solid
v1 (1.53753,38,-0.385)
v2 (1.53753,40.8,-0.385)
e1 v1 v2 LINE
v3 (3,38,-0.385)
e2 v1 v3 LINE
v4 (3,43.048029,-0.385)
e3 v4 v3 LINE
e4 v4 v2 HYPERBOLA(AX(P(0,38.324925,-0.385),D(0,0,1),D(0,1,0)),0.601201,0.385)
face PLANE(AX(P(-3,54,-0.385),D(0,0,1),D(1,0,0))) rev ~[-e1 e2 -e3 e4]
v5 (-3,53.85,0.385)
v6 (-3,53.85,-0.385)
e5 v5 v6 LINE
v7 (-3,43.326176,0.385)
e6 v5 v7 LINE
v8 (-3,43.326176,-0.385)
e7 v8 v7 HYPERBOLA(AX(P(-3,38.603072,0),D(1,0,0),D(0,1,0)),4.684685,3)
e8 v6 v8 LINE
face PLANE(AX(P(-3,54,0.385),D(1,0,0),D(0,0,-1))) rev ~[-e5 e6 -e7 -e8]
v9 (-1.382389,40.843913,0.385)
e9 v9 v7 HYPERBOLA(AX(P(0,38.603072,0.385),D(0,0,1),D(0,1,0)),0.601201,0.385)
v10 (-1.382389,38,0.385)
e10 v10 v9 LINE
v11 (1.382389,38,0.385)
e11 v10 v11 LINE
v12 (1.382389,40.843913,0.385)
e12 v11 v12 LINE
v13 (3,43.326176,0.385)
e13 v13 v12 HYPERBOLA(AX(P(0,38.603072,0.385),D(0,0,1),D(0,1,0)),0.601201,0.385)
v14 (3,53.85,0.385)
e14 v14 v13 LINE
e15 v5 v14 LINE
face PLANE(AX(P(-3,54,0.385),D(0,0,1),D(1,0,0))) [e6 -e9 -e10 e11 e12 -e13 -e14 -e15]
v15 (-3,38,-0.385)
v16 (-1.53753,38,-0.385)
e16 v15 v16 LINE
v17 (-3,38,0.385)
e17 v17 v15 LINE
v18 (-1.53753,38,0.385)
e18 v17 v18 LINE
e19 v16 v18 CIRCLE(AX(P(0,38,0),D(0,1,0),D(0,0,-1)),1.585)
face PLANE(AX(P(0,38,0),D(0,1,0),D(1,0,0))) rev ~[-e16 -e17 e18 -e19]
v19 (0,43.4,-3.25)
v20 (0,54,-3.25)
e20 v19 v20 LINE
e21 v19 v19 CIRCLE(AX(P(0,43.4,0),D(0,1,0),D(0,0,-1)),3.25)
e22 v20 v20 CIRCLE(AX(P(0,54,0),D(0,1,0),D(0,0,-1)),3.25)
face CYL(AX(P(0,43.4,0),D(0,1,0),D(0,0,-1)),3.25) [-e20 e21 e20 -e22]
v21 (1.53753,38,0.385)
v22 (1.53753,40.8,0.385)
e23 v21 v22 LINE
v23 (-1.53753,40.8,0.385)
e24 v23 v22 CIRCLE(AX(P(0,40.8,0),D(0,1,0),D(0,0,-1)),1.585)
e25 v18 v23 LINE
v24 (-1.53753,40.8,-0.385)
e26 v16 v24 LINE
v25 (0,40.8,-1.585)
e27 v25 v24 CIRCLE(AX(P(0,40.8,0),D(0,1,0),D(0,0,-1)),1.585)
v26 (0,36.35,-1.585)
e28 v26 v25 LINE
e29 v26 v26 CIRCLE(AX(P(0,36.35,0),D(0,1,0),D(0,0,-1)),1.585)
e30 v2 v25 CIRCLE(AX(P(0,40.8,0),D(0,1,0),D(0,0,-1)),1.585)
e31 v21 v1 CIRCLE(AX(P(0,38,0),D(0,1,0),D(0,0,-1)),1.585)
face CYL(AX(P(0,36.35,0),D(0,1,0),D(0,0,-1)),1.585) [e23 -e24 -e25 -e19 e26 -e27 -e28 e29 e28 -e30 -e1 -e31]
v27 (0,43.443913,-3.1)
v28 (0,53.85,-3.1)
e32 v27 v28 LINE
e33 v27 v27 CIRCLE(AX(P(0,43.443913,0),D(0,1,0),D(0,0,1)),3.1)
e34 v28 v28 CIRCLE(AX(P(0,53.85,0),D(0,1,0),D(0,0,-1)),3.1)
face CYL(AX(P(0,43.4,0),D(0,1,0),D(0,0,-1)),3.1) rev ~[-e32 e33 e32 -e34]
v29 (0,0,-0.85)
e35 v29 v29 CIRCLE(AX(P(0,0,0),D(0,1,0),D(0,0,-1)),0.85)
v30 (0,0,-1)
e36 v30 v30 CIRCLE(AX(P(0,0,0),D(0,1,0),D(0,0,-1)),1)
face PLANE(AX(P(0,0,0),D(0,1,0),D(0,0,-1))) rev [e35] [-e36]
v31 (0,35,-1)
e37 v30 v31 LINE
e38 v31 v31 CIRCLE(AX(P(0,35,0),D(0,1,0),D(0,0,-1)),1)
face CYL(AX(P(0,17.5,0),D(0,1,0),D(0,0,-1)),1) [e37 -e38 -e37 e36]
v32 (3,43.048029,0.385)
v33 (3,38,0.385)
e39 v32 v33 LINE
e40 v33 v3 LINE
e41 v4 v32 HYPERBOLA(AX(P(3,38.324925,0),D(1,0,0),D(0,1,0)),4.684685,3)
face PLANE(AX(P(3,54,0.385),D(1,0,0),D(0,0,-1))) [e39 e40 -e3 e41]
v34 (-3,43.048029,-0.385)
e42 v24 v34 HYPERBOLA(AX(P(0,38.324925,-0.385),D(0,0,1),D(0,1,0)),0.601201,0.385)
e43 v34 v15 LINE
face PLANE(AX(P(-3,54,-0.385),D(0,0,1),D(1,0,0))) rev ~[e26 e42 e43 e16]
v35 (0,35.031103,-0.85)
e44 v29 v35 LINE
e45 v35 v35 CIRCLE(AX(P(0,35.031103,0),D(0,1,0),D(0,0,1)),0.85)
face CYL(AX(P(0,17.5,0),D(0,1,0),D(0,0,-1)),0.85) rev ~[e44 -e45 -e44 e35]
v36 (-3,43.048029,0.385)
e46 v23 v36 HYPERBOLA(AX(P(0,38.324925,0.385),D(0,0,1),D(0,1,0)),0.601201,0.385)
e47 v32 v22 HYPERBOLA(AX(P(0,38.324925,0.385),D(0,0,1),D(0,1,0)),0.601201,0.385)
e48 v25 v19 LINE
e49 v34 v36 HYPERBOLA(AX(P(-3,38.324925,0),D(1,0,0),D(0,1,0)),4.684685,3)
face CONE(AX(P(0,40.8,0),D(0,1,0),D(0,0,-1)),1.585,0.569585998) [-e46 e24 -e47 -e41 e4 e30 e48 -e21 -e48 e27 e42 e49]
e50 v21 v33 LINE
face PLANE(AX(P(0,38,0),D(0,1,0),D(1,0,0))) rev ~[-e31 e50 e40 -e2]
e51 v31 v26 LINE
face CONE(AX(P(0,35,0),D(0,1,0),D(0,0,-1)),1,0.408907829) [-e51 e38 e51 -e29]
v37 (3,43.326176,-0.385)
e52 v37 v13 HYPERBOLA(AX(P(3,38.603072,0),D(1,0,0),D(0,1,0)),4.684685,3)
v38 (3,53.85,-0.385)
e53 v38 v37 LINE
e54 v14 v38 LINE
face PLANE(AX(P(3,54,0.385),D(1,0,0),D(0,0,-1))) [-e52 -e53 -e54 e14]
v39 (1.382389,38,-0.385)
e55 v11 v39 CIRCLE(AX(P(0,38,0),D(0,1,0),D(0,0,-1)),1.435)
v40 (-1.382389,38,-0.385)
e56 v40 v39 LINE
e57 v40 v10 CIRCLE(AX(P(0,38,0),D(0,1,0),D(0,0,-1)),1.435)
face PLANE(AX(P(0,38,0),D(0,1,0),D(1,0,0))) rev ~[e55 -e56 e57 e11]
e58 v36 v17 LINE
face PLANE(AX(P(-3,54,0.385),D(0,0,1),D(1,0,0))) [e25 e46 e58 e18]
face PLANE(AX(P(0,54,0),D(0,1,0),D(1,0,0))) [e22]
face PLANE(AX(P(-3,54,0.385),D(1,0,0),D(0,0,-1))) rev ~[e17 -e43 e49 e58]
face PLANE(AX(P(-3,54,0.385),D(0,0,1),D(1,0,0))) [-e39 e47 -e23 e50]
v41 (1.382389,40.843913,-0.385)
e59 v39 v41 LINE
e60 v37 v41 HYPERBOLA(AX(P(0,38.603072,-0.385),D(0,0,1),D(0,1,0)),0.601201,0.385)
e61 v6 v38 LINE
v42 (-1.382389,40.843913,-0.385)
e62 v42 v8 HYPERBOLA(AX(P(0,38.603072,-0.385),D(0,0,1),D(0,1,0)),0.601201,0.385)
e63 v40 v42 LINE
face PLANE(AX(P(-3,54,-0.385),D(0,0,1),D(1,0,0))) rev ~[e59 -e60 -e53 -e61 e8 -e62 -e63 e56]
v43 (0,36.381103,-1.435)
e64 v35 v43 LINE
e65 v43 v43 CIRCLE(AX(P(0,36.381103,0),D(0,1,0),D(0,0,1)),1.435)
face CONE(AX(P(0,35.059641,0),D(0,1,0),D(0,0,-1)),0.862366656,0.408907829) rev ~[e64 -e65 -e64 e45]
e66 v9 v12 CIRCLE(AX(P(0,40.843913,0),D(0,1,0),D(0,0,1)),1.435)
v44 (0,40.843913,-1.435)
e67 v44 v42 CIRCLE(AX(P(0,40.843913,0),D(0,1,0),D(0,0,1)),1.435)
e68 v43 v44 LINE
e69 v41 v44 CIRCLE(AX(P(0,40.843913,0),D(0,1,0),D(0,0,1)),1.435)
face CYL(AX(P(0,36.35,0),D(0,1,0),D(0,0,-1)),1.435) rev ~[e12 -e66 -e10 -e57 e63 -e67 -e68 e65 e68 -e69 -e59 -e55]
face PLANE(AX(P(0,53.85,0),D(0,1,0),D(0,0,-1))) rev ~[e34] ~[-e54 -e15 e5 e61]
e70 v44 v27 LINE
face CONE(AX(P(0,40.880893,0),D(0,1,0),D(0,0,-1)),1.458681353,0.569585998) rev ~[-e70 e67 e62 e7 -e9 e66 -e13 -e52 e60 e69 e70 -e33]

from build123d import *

# Parameters (mm, degrees)
SKETCH1_W           = 1
SKETCH1_H           = 35
SHELL1_T            = -0.15
SKETCH2_W           = 6
SKETCH2_H           = 0.77
BOSS_EXTRUDE1_DEPTH = 16


with BuildPart() as part:
    # Sketch1 → Revolve1 (revolve)
    with BuildSketch(Plane.XY, mode=Mode.PRIVATE) as revolve1_sk:
        Polygon((0, 40.8), (1.585, 40.8), (3.25, 43.4), (3.25, 54), (0, 54), align=None)
        Polygon((0, 35), (1, 35), (1.585, 36.35), (1.585, 40.8), (0, 40.8), align=None)
        with Locations((0.5, 17.5)):
            Rectangle(SKETCH1_W, SKETCH1_H)
    revolve(revolve1_sk.sketch.rotate(Axis((0, 40.8, 0), (0, 1, 0)), 90), axis=Axis((0, 40.8, 0), (0, 1, 0)))

    # Shell1
    shell1_openings = [part.faces().sort_by_distance(p)[0] for p in [
        (0, 0, 0),
    ]]
    offset(amount=SHELL1_T, openings=shell1_openings, kind=Kind.INTERSECTION)

    # Sketch2 → Boss-Extrude1 (add)
    with BuildSketch(Plane(origin=(0, 54, 0), x_dir=(1, 0, 0), z_dir=(0, 1, 0))):
        Rectangle(SKETCH2_W, SKETCH2_H)
    extrude(amount=-BOSS_EXTRUDE1_DEPTH)


solid = part.part
